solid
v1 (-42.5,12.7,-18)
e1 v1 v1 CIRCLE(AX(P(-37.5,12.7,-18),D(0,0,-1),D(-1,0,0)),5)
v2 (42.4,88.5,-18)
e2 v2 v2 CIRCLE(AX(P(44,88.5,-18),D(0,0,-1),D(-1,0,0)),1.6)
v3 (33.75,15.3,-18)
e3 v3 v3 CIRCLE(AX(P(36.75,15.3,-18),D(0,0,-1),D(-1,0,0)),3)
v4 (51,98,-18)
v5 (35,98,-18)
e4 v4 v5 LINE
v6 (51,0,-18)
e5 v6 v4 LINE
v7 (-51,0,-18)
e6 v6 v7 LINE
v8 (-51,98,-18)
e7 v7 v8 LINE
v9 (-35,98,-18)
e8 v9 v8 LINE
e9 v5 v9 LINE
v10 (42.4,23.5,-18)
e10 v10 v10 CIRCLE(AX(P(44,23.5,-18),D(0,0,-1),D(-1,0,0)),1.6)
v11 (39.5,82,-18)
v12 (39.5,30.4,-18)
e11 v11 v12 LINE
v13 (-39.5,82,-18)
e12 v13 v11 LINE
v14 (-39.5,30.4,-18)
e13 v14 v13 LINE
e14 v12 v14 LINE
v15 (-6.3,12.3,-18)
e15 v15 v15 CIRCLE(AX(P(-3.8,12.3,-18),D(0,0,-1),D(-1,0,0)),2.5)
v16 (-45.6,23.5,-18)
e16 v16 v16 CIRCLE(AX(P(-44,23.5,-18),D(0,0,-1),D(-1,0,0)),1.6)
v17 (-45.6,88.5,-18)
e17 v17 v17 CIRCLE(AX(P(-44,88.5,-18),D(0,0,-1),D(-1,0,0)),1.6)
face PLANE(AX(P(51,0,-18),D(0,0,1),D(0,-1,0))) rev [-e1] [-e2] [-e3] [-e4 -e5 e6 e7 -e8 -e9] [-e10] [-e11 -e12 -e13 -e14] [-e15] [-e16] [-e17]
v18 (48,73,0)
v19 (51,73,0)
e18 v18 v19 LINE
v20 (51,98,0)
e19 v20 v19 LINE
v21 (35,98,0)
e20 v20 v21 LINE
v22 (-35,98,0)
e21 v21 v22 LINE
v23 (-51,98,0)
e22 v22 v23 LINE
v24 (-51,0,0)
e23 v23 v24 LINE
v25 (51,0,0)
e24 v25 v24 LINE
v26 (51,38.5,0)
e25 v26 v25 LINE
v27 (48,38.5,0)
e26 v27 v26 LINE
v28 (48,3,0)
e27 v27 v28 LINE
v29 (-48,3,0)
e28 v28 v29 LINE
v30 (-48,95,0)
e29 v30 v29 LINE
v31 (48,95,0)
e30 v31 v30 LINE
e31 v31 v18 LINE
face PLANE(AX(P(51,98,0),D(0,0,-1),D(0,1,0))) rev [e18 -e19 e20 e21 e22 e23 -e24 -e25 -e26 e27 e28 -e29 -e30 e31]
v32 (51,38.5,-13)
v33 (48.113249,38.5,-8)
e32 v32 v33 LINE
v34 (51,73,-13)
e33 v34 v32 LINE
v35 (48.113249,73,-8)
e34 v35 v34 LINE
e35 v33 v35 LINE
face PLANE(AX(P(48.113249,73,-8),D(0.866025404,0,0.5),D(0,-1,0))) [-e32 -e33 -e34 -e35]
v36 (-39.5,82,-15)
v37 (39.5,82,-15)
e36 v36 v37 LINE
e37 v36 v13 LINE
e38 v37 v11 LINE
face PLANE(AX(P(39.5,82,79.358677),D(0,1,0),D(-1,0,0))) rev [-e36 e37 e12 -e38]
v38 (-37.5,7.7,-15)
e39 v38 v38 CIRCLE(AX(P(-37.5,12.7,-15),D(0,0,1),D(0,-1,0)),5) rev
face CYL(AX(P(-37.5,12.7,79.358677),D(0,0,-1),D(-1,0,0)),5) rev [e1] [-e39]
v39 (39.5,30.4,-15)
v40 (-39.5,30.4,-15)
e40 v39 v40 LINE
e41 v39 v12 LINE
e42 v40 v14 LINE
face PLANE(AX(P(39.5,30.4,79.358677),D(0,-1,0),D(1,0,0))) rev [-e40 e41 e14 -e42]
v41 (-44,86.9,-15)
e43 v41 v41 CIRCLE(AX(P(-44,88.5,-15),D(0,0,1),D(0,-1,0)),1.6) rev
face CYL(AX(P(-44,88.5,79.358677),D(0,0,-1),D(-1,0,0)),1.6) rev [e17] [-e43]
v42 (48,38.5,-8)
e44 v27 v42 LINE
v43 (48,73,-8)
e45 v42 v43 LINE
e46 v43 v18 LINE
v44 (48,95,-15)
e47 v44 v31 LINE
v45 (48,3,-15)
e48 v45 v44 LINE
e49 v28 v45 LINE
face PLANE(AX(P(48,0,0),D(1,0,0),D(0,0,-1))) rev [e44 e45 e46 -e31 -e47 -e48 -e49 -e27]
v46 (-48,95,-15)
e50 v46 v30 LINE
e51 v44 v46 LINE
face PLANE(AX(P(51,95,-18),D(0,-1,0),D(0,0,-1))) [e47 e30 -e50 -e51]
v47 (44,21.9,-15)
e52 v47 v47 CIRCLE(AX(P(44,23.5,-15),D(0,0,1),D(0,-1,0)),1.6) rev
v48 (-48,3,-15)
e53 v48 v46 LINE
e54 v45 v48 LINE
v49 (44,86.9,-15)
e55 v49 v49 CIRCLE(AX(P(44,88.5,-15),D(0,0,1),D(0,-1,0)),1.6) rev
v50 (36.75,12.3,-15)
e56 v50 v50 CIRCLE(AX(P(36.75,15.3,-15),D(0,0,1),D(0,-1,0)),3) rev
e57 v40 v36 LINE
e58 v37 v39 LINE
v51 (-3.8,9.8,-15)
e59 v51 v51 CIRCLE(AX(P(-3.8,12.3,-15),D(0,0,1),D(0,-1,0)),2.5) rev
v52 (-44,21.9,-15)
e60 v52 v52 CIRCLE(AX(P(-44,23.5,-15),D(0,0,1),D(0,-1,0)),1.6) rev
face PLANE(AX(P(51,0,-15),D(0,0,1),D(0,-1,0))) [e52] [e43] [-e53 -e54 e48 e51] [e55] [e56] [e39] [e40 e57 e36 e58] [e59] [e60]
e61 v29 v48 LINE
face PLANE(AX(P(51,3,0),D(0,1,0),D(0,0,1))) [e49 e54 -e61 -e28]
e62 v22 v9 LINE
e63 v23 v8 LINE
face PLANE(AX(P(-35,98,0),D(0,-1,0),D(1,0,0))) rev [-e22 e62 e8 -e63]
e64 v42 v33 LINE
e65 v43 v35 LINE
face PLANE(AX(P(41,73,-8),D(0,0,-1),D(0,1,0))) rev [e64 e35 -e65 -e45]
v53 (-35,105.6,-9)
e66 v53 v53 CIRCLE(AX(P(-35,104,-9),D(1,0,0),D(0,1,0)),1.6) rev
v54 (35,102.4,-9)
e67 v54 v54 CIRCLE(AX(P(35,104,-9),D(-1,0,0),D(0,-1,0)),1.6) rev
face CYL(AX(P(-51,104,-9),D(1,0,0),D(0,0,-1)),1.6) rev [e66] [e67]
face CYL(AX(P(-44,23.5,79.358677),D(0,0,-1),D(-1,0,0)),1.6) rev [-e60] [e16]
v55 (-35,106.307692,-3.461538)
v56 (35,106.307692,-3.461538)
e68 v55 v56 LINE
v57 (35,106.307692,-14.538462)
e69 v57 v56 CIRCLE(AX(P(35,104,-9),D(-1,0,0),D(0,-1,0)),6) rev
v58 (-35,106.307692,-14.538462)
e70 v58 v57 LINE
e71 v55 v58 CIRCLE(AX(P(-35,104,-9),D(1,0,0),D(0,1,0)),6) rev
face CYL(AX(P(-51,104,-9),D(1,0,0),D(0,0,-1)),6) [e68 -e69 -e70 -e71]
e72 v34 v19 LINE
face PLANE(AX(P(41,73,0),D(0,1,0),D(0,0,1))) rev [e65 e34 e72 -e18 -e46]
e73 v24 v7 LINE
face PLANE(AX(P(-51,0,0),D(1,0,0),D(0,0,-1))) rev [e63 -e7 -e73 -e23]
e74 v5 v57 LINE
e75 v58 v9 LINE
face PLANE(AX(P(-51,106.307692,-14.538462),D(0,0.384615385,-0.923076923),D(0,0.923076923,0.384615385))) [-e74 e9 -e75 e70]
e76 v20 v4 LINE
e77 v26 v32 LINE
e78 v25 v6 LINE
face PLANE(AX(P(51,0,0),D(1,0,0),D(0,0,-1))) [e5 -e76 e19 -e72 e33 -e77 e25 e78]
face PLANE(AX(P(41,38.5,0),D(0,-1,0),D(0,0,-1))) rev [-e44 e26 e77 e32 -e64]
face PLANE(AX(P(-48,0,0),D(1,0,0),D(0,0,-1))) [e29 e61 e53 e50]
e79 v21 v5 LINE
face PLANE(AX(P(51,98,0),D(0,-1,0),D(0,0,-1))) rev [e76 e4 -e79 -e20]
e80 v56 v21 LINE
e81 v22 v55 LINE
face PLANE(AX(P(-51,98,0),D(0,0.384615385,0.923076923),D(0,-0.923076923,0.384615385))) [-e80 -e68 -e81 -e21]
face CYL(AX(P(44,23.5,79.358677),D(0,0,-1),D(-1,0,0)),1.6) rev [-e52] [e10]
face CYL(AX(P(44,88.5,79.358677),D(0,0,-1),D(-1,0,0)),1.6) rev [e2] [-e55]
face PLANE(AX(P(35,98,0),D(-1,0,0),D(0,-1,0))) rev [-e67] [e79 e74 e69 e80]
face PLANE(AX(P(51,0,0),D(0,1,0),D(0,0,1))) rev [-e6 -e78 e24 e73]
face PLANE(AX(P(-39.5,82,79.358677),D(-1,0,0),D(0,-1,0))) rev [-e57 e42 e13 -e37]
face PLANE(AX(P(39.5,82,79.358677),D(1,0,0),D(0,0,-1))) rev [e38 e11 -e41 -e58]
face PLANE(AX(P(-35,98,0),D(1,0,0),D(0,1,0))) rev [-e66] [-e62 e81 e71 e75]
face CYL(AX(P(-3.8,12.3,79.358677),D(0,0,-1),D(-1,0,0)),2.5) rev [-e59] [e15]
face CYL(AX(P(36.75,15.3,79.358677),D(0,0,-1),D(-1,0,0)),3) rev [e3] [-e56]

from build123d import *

# Parameters (mm, degrees)
ESBO_O2_W                = 18
ESBO_O2_H                = 98
RESSALTO_EXTRUS_O1_DEPTH = 51
CASCA1_T                 = -3
ESBO_O4_R                = 1.6
ESBO_O4_R_2              = 5
ESBO_O4_R_3              = 3
ESBO_O4_R_4              = 2.5
ESBO_O4_W                = 79
ESBO_O4_H                = 51.6
CORTE_EXTRUS_O1_DEPTH    = 3
ESBO_O5_R                = 1.6
RESSALTO_EXTRUS_O2_DEPTH = 102
ESBO_O6_W                = 16
ESBO_O6_H                = 12
CORTE_EXTRUS_O2_DEPTH    = 19
ESBO_O7_W                = 8
ESBO_O7_H                = 34.5
CORTE_EXTRUS_O3_DEPTH    = 10
CHANFRO1_SIZE            = 5
CHANFRO1_SIZE2           = 2.886751346


with BuildPart() as part:
    # Esboço2 → Ressalto-extrusão1 (new body, symmetric)
    with BuildSketch(Plane(origin=(0, 0, 0), x_dir=(0, 0, -1), z_dir=(1, 0, 0))):
        with Locations((9, 49)):
            Rectangle(ESBO_O2_W, ESBO_O2_H)
    extrude(amount=RESSALTO_EXTRUS_O1_DEPTH, both=True)

    # Casca1
    casca1_openings = [part.faces().sort_by_distance(p)[0] for p in [
        (0, 49, 0),
    ]]
    offset(amount=CASCA1_T, openings=casca1_openings, kind=Kind.INTERSECTION)

    # Esboço4 → Corte-extrusão1 (cut)
    with BuildSketch(Plane(origin=(0, 0, -18), x_dir=(1, 0, 0), z_dir=(0, 0, -1))):
        with Locations((-44, -23.5)):
            Circle(ESBO_O4_R)
        with Locations((-44, -88.5)):
            Circle(ESBO_O4_R)
        with Locations((44, -88.5)):
            Circle(ESBO_O4_R)
        with Locations((44, -23.5)):
            Circle(ESBO_O4_R)
        with Locations((-37.5, -12.7)):
            Circle(ESBO_O4_R_2)
        with Locations((36.75, -15.3)):
            Circle(ESBO_O4_R_3)
        with Locations((-3.8, -12.3)):
            Circle(ESBO_O4_R_4)
        with Locations((0, -56.2)):
            Rectangle(ESBO_O4_W, ESBO_O4_H)
    extrude(amount=-CORTE_EXTRUS_O1_DEPTH, mode=Mode.SUBTRACT)

    # Esboço5 → Ressalto-extrusão2 (add, through all)
    with BuildSketch(Plane(origin=(51, 0, 0), x_dir=(0, 0, -1), z_dir=(1, 0, 0))):
        with BuildLine():
            Line((14.538461538, 106.307692308), (18, 98))
            Line((18, 98), (0, 98))
            Line((0, 98), (3.461538462, 106.307692308))
            ThreePointArc((3.461538462, 106.307692308), (9, 110), (14.538461538, 106.307692308))
        make_face()
        with Locations((9, 104)):
            Circle(ESBO_O5_R, mode=Mode.SUBTRACT)
    extrude(amount=-RESSALTO_EXTRUS_O2_DEPTH)

    # Esboço6 → Corte-extrusão2 (cut, through all)
    with BuildSketch(Plane(origin=(0, 0, -18), x_dir=(-1, 0, 0), z_dir=(0, 0, -1))):
        with Locations((-43, 104)):
            Rectangle(ESBO_O6_W, ESBO_O6_H)
        with Locations((43, 104)):
            Rectangle(ESBO_O6_W, ESBO_O6_H)
    extrude(amount=-CORTE_EXTRUS_O2_DEPTH, mode=Mode.SUBTRACT)

    # Esboço7 → Corte-extrusão3 (cut)
    with BuildSketch(Plane(origin=(51, 0, 0), x_dir=(0, 0, -1), z_dir=(1, 0, 0))):
        with Locations((4, 55.75)):
            Rectangle(ESBO_O7_W, ESBO_O7_H)
    extrude(amount=-CORTE_EXTRUS_O3_DEPTH, mode=Mode.SUBTRACT)

    # Chanfro1
    chanfro1_edges = [part.edges().sort_by_distance(p)[0] for p in [
        (51, 55.75, -8),
    ]]
    chanfro1_side = [part.faces().sort_by_distance(p)[0] for p in [
        (51, 47.747983871, -9.927419355),
    ]]
    chamfer(chanfro1_edges, length=CHANFRO1_SIZE, length2=CHANFRO1_SIZE2, reference=chanfro1_side[0])


solid = part.part
